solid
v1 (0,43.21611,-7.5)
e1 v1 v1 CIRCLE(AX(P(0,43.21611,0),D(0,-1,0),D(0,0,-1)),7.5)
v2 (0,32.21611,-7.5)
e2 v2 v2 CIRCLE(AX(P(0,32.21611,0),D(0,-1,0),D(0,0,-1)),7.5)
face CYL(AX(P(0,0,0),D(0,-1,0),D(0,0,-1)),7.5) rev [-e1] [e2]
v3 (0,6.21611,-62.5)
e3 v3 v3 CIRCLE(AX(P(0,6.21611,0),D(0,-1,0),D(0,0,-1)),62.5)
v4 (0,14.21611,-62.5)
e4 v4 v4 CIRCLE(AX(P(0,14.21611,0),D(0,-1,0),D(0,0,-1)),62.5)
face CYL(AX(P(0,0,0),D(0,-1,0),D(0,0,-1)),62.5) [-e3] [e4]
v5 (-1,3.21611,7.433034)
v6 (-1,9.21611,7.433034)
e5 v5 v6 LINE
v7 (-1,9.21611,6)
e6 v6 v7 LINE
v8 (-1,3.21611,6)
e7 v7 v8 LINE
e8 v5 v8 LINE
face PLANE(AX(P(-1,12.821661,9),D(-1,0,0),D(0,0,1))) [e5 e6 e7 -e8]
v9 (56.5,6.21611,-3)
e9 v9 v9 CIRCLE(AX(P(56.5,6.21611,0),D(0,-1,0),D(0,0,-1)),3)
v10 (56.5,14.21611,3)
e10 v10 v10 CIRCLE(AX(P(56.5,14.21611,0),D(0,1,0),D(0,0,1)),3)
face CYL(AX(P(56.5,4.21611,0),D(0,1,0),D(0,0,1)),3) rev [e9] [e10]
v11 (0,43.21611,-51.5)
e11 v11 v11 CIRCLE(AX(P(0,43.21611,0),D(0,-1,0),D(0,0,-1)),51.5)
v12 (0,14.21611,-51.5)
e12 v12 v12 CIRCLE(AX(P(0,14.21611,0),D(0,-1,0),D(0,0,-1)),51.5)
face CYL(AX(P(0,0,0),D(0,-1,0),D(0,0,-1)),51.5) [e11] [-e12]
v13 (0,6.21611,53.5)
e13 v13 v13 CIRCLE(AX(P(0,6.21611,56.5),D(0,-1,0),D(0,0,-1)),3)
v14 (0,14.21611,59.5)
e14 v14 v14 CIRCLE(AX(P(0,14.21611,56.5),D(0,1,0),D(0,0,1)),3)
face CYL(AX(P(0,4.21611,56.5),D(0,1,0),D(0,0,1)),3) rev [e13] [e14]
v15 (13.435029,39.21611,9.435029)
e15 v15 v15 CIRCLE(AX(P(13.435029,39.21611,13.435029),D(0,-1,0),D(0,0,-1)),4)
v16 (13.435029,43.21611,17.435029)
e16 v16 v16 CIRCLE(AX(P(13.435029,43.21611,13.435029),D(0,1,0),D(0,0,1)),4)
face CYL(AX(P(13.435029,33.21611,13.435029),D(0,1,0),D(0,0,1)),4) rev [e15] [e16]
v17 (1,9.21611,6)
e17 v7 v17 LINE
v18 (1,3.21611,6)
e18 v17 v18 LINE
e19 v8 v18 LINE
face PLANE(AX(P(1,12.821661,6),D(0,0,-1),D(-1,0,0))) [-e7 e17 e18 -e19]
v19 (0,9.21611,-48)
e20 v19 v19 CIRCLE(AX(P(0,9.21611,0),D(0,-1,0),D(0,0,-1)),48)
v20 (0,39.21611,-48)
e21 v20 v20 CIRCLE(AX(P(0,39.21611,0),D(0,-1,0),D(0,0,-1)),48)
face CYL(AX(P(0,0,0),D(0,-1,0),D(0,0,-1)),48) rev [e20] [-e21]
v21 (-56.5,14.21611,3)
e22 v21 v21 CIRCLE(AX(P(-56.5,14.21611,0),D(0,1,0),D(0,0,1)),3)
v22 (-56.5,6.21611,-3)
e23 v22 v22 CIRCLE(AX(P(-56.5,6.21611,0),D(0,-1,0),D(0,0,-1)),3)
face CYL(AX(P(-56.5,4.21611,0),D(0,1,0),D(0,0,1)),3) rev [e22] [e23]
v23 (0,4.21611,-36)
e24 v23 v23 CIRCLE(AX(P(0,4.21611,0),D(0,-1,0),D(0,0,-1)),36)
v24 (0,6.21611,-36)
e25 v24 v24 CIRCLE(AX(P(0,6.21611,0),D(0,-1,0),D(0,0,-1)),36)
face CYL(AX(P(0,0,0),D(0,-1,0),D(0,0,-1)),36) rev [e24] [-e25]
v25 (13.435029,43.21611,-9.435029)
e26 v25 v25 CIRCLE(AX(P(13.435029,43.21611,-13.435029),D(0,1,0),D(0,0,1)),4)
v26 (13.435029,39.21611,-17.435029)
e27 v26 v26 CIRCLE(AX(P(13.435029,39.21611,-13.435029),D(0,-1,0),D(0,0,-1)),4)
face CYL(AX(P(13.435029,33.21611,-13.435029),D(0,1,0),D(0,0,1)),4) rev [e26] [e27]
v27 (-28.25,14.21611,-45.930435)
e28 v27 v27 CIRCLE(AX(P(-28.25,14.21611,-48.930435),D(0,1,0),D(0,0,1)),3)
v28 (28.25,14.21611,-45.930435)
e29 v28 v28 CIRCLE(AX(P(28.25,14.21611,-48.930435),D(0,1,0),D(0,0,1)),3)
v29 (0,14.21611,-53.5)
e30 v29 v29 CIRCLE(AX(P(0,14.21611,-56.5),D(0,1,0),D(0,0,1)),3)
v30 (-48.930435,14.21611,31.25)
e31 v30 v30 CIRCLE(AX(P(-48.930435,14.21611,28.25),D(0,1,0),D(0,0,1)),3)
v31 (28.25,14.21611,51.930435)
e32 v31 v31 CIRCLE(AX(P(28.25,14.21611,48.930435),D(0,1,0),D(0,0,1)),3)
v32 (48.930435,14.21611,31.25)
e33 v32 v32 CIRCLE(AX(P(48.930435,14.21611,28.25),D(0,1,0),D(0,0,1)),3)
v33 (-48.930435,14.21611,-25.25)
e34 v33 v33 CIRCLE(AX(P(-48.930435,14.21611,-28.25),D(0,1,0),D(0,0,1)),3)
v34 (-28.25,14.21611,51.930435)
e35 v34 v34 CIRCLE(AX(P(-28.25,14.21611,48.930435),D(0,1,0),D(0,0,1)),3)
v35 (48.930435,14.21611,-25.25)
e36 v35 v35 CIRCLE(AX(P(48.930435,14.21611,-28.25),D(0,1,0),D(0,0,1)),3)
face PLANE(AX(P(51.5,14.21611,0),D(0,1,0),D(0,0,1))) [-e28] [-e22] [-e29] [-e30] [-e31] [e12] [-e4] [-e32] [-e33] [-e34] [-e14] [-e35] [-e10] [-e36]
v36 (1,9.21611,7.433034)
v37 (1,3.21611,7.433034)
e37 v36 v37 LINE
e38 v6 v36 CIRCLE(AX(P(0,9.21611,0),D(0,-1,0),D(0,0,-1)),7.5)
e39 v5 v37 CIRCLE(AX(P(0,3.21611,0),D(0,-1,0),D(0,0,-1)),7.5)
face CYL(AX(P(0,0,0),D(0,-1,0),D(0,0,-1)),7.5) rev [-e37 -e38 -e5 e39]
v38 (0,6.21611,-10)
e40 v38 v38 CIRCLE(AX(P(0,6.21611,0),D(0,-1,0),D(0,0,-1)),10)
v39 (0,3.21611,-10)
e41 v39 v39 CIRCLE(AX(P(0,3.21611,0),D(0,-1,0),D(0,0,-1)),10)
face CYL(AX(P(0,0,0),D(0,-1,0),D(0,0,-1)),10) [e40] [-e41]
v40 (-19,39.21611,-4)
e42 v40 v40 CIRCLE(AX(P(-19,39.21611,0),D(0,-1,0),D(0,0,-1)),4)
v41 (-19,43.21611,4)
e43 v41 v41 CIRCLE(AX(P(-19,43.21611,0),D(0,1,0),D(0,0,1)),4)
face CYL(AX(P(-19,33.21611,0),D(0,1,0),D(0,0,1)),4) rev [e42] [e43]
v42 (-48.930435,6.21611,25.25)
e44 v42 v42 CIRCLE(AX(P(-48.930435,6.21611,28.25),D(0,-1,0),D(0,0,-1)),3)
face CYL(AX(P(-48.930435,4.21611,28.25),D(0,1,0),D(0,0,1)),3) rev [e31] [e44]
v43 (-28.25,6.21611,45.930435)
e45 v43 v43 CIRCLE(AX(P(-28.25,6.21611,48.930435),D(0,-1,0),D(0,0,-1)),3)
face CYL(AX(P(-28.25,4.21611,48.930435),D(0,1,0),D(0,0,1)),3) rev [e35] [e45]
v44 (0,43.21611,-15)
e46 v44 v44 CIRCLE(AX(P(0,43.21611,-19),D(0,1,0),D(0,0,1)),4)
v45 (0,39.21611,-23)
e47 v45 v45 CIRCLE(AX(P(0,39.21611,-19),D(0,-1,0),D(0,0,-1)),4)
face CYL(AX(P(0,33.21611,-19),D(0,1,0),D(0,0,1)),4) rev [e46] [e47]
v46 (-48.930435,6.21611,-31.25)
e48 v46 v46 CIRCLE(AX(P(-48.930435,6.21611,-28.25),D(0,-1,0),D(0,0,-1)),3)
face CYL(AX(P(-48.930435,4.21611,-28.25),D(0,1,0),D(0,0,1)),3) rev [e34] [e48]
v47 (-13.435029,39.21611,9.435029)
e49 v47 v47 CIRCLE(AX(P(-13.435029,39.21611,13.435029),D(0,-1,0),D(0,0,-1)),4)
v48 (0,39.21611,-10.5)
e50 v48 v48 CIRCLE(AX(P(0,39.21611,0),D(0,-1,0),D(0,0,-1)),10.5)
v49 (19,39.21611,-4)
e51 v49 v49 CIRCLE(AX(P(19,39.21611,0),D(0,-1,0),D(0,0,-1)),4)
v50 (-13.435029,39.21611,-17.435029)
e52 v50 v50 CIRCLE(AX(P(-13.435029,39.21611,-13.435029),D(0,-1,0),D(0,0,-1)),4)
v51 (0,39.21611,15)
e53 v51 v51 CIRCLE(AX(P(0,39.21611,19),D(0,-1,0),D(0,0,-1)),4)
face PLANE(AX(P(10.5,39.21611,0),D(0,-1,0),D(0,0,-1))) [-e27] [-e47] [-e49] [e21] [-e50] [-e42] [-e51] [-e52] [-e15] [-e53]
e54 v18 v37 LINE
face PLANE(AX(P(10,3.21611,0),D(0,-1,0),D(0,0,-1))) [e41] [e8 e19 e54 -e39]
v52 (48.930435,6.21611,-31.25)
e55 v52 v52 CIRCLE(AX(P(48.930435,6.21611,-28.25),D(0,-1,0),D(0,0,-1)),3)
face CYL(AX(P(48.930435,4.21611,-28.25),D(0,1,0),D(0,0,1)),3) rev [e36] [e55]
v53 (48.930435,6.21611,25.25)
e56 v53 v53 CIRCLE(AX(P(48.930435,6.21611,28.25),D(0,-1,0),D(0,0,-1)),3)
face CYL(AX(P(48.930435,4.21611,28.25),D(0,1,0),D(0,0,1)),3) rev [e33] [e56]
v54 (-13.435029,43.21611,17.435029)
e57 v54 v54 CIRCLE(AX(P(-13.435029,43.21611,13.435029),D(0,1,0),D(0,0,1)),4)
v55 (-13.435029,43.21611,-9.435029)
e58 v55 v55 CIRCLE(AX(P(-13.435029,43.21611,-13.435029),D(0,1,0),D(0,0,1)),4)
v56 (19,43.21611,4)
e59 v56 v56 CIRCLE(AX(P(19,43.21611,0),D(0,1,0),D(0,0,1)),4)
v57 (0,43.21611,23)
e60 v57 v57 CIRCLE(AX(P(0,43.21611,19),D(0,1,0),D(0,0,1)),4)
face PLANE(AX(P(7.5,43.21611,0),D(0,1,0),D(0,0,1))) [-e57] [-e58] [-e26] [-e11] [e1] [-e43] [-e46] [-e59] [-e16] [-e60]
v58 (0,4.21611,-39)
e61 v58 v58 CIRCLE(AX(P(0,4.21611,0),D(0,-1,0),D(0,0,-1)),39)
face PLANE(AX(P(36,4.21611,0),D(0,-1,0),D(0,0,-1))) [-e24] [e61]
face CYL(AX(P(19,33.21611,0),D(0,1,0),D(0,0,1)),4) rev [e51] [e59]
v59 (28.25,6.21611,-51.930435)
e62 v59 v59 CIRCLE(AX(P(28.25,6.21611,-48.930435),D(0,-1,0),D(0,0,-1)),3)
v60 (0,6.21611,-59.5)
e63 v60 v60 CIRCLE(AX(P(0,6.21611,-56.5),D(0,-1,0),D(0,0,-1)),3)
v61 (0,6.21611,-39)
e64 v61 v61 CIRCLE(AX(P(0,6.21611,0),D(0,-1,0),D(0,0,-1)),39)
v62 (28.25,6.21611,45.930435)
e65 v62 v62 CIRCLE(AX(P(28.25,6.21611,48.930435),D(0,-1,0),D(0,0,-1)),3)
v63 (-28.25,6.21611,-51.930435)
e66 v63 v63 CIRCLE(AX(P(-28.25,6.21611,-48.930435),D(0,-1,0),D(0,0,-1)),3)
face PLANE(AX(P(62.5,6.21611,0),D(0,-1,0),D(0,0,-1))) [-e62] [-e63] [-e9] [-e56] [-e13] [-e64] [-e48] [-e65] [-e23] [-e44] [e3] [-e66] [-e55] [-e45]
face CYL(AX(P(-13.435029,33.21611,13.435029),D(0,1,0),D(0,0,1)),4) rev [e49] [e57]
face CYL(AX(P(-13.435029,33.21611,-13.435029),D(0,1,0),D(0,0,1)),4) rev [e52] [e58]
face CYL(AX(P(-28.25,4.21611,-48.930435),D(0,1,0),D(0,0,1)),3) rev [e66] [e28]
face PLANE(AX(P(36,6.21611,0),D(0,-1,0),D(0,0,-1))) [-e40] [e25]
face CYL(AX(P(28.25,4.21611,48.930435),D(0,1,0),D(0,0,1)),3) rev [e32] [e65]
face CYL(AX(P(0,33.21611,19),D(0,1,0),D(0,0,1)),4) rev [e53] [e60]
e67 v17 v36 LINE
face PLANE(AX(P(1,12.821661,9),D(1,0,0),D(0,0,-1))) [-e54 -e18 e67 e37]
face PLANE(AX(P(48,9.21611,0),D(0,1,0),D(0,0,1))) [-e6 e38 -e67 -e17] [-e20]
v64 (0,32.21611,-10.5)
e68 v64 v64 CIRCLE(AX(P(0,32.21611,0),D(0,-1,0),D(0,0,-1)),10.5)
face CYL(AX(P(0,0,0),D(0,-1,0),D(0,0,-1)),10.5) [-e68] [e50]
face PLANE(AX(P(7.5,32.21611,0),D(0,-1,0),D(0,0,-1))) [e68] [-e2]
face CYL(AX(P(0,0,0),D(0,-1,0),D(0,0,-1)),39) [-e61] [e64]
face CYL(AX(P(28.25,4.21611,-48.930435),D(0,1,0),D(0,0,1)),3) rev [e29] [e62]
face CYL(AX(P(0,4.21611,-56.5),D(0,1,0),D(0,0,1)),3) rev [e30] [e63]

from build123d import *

# Parameters (mm, degrees)
SKETCH4_R           = 3
CUT_EXTRUDE1_DEPTH  = 10
SKETCH5_R           = 4
CUT_EXTRUDE2_DEPTH  = 10
SKETCH6_W           = 2
SKETCH6_H           = 3
BOSS_EXTRUDE1_DEPTH = 6


with BuildPart() as part:
    # Sketch1 → Revolve1 (revolve)
    with BuildSketch(Plane.XY):
        Polygon((10.5, 32.216109623), (10.5, 39.216109623), (48, 39.216109623), (48, 9.216109623), (7.5, 9.216109623), (7.5, 3.216109623), (10, 3.216109623), (10, 6.216109623), (36, 6.216109623), (36, 4.216109623), (39, 4.216109623), (39, 6.216109623), (62.5, 6.216109623), (62.5, 14.216109623), (51.5, 14.216109623), (51.5, 43.216109623), (7.5, 43.216109623), (7.5, 32.216109623), align=None)
    revolve(axis=Axis((0, 0, 0), (0, 1, 0)))

    # Sketch4 → Cut-Extrude1 (cut)
    with BuildSketch(Plane(origin=(0, 14.216109623, 0), x_dir=(1, 0, 0), z_dir=(0, 1, 0))):
        with Locations((56.5, 0)):
            Circle(SKETCH4_R)
        with Locations((48.930435314, -28.25)):
            Circle(SKETCH4_R)
        with Locations((28.25, -48.930435314)):
            Circle(SKETCH4_R)
        with Locations((0, -56.5)):
            Circle(SKETCH4_R)
        with Locations((-28.25, -48.930435314)):
            Circle(SKETCH4_R)
        with Locations((-48.930435314, -28.25)):
            Circle(SKETCH4_R)
        with Locations((-56.5, 0)):
            Circle(SKETCH4_R)
        with Locations((-48.930435314, 28.25)):
            Circle(SKETCH4_R)
        with Locations((-28.25, 48.930435314)):
            Circle(SKETCH4_R)
        with Locations((0, 56.5)):
            Circle(SKETCH4_R)
        with Locations((28.25, 48.930435314)):
            Circle(SKETCH4_R)
        with Locations((48.930435314, 28.25)):
            Circle(SKETCH4_R)
    extrude(amount=-CUT_EXTRUDE1_DEPTH, mode=Mode.SUBTRACT)

    # Sketch5 → Cut-Extrude2 (cut)
    with BuildSketch(Plane(origin=(0, 43.216109623, 0), x_dir=(1, 0, 0), z_dir=(0, 1, 0))):
        with Locations((19, 0)):
            Circle(SKETCH5_R)
        with Locations((13.435028843, -13.435028843)):
            Circle(SKETCH5_R)
        with Locations((0, -19)):
            Circle(SKETCH5_R)
        with Locations((-13.435028843, -13.435028843)):
            Circle(SKETCH5_R)
        with Locations((-19, 0)):
            Circle(SKETCH5_R)
        with Locations((-13.435028843, 13.435028843)):
            Circle(SKETCH5_R)
        with Locations((0, 19)):
            Circle(SKETCH5_R)
        with Locations((13.435028843, 13.435028843)):
            Circle(SKETCH5_R)
    extrude(amount=-CUT_EXTRUDE2_DEPTH, mode=Mode.SUBTRACT)

    # Sketch6 → Boss-Extrude1 (add)
    with BuildSketch(Plane.XZ.offset(-3.216109623)):
        with Locations((0, 7.5)):
            Rectangle(SKETCH6_W, SKETCH6_H)
    extrude(amount=-BOSS_EXTRUDE1_DEPTH)


solid = part.part
